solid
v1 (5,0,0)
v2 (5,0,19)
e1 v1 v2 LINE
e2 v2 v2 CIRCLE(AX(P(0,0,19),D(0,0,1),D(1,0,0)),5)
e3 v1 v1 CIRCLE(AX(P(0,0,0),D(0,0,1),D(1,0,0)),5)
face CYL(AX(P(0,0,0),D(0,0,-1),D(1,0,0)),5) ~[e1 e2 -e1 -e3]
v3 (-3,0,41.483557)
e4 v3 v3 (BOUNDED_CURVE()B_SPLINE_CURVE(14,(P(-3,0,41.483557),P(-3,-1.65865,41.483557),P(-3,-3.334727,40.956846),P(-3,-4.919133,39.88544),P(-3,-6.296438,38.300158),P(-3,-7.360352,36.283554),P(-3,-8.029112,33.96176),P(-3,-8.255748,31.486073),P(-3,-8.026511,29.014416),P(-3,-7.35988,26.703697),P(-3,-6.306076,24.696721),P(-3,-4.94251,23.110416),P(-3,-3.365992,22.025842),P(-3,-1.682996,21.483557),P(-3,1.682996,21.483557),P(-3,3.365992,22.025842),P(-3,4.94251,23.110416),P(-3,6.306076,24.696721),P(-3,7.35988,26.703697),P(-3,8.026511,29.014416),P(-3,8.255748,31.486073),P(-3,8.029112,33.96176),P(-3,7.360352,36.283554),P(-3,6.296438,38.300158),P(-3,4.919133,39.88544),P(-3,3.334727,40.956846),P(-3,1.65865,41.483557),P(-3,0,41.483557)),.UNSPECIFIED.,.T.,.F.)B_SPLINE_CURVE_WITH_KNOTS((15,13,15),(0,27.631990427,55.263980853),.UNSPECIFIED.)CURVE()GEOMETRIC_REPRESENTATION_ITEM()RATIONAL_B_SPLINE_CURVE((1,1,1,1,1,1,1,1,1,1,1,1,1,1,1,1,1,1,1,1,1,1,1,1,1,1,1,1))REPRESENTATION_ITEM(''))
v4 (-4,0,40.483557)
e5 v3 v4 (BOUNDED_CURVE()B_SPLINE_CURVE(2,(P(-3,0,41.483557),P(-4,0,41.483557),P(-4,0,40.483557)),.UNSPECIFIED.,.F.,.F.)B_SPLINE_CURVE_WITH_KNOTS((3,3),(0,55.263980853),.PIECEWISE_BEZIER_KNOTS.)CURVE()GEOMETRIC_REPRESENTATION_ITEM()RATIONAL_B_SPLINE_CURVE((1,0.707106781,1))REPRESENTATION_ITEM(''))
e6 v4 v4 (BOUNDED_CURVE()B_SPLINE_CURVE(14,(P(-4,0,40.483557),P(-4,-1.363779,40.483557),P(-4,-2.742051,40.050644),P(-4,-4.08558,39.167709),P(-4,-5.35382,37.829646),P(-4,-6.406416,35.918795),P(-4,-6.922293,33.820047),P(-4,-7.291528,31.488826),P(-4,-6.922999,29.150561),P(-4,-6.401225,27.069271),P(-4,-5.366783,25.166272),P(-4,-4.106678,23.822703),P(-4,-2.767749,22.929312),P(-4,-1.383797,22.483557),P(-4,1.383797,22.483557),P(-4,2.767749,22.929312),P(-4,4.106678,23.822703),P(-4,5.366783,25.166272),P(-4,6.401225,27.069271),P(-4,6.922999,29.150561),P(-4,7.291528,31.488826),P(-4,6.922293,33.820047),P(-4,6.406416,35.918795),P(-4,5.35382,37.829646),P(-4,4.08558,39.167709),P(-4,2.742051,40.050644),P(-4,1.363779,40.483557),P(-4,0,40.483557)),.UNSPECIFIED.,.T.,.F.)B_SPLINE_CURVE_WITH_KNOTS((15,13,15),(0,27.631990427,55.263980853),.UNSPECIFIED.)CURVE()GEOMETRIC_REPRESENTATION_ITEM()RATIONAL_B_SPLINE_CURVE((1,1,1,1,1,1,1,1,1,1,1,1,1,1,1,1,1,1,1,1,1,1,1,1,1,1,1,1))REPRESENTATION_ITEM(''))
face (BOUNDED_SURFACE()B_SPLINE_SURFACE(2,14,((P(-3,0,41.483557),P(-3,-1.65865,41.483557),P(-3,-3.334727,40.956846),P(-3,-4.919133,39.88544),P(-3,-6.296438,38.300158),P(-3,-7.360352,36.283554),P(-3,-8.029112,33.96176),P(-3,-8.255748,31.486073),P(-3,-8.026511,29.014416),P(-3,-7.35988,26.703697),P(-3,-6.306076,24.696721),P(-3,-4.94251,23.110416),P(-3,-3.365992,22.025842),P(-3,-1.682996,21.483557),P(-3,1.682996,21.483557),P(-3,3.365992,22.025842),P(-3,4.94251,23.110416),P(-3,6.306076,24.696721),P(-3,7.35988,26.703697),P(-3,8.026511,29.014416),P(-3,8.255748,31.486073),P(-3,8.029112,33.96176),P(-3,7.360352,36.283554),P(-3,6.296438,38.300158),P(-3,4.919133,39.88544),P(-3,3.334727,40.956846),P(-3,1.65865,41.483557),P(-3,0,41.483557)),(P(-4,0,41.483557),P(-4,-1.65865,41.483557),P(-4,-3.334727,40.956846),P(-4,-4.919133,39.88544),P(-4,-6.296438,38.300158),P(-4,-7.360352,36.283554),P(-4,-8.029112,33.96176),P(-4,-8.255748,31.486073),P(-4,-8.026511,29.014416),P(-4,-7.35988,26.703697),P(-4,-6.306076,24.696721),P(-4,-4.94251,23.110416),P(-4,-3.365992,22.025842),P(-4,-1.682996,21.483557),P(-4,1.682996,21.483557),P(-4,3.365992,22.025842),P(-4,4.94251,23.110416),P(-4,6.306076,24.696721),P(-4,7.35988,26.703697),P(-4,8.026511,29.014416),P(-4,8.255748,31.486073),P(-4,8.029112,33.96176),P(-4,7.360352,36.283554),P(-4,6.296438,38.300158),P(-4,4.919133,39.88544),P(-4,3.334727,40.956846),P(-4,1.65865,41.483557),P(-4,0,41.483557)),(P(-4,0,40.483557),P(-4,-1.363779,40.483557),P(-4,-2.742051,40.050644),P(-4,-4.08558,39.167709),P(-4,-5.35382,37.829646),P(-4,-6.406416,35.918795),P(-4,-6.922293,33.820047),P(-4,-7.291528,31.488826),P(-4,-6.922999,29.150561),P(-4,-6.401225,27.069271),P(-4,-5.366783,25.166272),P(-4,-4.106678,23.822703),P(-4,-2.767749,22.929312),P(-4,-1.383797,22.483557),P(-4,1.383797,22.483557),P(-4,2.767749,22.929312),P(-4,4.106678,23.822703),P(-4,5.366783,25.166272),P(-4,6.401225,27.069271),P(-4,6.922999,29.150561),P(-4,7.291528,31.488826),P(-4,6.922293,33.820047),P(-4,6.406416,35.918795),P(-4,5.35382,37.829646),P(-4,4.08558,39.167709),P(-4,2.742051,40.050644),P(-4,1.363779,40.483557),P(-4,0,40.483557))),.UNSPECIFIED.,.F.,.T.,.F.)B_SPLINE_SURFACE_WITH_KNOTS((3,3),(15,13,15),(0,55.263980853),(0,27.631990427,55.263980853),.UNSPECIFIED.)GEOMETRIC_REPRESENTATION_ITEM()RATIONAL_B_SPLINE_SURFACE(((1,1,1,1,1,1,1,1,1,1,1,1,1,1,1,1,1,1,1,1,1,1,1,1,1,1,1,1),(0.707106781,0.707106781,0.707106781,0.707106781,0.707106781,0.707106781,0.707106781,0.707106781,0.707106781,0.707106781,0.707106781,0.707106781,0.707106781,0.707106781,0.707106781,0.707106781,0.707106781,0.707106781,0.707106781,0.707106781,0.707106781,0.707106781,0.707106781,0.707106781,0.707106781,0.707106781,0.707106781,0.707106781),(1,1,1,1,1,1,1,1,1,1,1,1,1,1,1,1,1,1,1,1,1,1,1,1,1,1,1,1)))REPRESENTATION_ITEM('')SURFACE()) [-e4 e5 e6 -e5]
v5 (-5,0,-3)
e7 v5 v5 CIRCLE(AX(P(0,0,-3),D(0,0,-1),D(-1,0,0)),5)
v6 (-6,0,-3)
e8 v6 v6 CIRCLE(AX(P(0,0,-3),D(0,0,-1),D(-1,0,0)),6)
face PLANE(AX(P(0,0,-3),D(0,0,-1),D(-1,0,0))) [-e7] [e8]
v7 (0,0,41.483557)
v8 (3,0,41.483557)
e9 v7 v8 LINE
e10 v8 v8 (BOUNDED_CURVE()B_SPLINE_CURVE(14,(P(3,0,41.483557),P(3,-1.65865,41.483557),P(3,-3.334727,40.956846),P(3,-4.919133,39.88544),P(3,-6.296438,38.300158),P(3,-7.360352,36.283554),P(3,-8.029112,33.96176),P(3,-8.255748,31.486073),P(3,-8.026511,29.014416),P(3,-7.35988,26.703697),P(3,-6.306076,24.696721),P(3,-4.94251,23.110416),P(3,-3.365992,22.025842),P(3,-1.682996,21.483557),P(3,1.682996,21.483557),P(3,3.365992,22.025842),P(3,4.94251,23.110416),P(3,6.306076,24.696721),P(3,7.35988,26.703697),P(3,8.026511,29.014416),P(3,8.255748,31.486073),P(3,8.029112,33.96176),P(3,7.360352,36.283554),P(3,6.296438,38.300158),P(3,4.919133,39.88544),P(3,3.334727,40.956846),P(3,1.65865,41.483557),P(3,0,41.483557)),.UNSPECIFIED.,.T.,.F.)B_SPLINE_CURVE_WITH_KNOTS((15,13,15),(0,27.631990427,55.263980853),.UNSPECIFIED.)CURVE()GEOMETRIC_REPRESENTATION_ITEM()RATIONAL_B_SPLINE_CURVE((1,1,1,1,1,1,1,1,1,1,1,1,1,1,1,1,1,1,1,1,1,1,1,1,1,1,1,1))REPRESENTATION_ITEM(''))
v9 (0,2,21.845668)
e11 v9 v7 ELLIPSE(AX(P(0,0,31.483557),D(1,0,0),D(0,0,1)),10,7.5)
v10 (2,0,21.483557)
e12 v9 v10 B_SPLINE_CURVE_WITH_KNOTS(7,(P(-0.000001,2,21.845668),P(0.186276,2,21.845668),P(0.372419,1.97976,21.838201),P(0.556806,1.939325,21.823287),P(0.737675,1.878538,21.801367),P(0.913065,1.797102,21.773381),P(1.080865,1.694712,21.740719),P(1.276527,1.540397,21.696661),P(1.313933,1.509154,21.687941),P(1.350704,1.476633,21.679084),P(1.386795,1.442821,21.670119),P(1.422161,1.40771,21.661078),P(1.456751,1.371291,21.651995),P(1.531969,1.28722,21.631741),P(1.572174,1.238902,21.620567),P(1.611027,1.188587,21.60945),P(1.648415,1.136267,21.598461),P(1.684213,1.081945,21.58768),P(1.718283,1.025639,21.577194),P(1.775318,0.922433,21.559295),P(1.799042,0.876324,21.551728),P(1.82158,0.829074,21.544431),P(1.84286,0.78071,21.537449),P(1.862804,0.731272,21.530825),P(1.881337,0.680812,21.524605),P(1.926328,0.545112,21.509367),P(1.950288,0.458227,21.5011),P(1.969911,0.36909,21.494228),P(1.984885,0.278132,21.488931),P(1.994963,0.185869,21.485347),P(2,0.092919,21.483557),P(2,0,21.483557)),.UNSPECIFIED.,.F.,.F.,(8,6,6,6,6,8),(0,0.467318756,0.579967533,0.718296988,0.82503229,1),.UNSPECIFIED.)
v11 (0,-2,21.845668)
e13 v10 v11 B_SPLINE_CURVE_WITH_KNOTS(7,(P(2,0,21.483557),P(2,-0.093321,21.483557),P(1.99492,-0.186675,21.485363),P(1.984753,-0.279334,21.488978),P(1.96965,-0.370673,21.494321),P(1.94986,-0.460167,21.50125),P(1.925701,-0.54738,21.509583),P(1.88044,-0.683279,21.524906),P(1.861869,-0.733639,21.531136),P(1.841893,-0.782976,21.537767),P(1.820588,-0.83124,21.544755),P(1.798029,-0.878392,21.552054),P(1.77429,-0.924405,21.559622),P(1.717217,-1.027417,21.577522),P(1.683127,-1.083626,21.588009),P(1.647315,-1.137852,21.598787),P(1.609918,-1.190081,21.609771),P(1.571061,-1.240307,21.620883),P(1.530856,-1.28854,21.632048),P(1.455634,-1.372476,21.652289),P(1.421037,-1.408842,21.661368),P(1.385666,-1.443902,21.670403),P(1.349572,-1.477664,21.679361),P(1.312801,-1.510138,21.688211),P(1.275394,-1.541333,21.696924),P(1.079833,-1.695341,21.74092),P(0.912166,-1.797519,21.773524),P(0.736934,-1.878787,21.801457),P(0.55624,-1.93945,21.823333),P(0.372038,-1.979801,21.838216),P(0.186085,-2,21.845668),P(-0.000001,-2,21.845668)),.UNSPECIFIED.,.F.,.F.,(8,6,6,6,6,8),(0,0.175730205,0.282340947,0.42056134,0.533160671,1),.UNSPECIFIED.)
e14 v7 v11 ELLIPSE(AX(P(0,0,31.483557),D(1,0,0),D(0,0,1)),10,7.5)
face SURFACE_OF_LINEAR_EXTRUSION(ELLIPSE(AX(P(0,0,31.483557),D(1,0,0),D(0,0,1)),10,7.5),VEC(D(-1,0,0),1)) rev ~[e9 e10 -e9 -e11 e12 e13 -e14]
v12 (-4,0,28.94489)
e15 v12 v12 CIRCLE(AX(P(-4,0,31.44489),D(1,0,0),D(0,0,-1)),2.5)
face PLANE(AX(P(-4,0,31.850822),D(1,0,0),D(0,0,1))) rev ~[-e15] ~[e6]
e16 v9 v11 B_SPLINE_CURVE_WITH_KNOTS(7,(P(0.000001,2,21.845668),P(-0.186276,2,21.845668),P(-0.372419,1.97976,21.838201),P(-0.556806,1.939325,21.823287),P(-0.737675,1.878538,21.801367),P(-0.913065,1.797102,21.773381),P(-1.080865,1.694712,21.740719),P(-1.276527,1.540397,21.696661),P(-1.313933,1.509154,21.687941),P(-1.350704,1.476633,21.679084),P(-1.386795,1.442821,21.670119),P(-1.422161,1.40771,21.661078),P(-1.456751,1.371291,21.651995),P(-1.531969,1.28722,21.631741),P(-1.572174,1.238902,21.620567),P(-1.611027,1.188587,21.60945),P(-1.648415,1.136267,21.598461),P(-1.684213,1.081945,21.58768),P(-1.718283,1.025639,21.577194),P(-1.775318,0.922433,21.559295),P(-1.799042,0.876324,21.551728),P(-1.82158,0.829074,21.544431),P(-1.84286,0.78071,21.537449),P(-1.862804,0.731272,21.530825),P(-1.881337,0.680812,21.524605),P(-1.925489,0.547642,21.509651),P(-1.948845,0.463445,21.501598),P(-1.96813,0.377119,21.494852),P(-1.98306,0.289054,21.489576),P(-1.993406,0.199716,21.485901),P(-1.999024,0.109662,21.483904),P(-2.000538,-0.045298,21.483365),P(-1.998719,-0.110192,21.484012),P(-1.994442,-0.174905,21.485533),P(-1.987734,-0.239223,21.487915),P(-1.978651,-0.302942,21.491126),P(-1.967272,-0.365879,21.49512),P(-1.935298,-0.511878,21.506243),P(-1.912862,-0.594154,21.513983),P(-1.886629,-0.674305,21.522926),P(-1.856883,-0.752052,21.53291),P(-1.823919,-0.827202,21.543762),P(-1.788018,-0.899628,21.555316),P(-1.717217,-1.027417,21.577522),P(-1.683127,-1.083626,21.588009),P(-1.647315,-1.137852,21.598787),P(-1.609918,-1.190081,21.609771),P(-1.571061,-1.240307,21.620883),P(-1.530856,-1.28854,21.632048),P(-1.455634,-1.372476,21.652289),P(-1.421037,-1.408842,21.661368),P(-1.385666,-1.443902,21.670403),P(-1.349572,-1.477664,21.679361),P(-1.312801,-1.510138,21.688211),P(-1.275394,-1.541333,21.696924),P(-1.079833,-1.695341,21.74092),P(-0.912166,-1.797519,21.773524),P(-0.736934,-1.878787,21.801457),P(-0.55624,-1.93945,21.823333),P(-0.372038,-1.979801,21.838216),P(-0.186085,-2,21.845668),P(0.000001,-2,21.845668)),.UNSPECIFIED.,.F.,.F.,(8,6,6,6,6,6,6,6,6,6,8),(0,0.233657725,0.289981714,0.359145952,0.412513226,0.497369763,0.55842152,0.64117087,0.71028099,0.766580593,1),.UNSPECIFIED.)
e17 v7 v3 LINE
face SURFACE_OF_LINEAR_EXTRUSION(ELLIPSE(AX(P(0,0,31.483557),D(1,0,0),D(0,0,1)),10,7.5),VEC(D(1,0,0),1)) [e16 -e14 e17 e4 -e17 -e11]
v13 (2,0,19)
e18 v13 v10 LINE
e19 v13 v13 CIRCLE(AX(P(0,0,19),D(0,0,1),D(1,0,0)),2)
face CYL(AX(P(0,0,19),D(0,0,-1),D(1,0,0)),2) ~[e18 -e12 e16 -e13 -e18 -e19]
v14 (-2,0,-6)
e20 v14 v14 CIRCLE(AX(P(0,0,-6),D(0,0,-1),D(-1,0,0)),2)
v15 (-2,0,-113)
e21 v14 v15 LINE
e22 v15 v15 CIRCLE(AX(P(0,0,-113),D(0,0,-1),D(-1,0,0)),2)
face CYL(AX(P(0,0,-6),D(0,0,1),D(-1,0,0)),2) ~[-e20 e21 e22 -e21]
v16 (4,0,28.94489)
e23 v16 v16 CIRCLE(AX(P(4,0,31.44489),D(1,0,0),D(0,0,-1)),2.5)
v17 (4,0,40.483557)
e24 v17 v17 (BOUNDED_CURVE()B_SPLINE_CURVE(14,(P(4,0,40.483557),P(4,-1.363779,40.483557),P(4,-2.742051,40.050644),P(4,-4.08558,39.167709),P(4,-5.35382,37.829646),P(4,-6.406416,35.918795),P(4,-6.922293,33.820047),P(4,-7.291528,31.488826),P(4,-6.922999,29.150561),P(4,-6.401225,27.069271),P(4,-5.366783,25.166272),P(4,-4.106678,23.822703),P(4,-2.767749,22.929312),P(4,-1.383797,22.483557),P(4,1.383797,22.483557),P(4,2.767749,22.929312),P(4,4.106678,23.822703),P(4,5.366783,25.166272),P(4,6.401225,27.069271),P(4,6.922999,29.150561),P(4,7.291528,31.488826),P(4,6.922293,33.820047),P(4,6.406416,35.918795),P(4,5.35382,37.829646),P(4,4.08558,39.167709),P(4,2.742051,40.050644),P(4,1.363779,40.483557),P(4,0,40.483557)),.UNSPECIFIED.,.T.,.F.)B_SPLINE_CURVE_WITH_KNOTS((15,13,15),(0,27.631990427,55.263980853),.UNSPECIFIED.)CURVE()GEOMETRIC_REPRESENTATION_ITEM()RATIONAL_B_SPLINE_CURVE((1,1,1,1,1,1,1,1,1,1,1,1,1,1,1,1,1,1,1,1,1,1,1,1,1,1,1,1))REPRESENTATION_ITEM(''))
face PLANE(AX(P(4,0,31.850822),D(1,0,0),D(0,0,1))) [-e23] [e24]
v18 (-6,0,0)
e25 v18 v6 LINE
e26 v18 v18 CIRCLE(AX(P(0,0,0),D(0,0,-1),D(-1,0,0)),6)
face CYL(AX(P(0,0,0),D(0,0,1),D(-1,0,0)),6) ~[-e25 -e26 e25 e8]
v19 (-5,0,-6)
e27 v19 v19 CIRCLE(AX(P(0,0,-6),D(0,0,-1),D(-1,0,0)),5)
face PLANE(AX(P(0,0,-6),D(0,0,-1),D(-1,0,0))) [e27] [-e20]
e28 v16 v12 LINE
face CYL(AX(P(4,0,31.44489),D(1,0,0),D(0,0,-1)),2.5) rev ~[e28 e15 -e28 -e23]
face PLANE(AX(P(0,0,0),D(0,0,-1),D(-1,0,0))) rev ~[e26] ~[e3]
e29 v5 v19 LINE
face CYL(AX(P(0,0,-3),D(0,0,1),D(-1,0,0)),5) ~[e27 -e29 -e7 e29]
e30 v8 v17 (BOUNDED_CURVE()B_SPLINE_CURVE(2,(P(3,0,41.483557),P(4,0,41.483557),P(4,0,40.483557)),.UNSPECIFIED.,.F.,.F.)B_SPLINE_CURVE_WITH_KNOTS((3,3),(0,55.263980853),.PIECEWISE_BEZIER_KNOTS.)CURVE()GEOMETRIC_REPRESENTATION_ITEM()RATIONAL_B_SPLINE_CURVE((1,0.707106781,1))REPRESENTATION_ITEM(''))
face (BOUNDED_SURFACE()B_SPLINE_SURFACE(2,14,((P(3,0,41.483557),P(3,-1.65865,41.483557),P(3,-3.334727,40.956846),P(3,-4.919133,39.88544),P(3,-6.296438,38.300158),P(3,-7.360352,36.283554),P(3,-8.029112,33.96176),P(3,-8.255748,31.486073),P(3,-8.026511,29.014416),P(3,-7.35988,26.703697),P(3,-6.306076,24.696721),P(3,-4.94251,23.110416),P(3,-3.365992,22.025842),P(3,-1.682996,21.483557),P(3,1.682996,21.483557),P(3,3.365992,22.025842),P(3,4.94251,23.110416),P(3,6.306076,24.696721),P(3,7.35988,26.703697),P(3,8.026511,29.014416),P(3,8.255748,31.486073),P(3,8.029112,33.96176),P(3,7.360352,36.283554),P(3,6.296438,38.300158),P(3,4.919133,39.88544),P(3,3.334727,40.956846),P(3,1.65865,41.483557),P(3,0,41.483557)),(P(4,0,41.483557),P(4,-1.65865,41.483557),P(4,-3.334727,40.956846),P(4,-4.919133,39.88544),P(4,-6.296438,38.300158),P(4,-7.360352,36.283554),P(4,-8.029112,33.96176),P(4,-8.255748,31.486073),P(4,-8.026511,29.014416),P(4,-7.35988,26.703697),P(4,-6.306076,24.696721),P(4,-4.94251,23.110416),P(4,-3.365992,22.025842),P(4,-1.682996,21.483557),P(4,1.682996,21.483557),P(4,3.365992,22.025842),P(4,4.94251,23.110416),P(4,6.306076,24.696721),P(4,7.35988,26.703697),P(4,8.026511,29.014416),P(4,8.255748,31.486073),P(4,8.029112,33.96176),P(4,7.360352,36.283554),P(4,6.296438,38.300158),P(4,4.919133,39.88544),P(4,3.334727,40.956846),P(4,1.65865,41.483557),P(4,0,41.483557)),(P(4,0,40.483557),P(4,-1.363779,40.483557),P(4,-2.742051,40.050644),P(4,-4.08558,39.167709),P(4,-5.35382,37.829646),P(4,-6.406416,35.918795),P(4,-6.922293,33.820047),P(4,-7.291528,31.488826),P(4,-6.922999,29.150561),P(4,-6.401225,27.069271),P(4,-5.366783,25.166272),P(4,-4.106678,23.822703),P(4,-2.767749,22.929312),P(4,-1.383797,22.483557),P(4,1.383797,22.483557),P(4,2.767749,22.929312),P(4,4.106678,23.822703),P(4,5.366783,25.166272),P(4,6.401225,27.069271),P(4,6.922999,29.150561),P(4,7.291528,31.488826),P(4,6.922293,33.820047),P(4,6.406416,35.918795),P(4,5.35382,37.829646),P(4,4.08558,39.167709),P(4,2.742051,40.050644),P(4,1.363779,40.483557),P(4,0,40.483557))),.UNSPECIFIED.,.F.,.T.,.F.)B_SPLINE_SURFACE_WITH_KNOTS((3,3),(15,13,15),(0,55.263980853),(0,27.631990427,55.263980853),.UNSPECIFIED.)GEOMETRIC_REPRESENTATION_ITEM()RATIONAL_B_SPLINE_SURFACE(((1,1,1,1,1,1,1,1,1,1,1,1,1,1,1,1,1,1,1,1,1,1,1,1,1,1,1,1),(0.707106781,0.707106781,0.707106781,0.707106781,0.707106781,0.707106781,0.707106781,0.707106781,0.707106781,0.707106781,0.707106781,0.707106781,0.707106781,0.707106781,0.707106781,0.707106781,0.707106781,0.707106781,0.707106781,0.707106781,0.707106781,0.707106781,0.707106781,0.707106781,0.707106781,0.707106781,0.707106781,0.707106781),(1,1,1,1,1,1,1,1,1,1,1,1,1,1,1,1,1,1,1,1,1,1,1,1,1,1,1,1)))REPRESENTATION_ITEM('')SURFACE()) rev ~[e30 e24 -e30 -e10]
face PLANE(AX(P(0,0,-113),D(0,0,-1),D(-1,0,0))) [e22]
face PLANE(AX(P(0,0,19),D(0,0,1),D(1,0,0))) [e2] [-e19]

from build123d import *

# Parameters (mm, degrees)
SKETCH1_R           = 5
BOSS_EXTRUDE1_DEPTH = 19
SKETCH2_R           = 6
BOSS_EXTRUDE2_DEPTH = 3
SKETCH3_R           = 5
BOSS_EXTRUDE3_DEPTH = 3
SKETCH4_R           = 2
BOSS_EXTRUDE4_DEPTH = 107
SKETCH5_RX          = 10
SKETCH5_RY          = 7.5
BOSS_EXTRUDE5_DEPTH = 4
SKETCH6_R           = 2
BOSS_EXTRUDE6_DEPTH = 4
FILLET1_R           = 1
SKETCH7_R           = 2.5
CUT_EXTRUDE1_DEPTH  = 11


with BuildPart() as part:
    # Sketch1 → Boss-Extrude1 (new body)
    with BuildSketch(Plane.XY):
        Circle(SKETCH1_R)
    extrude(amount=BOSS_EXTRUDE1_DEPTH)

    # Sketch2 → Boss-Extrude2 (add)
    with BuildSketch(Plane(origin=(0, 0, 0), x_dir=(-1, 0, 0), z_dir=(0, 0, -1))):
        Circle(SKETCH2_R)
    extrude(amount=BOSS_EXTRUDE2_DEPTH)

    # Sketch3 → Boss-Extrude3 (add)
    with BuildSketch(Plane(origin=(0, 0, -3), x_dir=(-1, 0, 0), z_dir=(0, 0, -1))):
        Circle(SKETCH3_R)
    extrude(amount=BOSS_EXTRUDE3_DEPTH)

    # Sketch4 → Boss-Extrude4 (add)
    with BuildSketch(Plane(origin=(0, 0, -6), x_dir=(-1, 0, 0), z_dir=(0, 0, -1))):
        Circle(SKETCH4_R)
    extrude(amount=BOSS_EXTRUDE4_DEPTH)



with BuildPart() as body_2:
    # Sketch5 → Boss-Extrude5 (new body, symmetric)
    with BuildSketch(Plane(origin=(0, 0, 0), x_dir=(0, 0, -1), z_dir=(1, 0, 0))):
        with Locations(Location((-31.48355656, 0), (0, 0, 180))):
            Ellipse(SKETCH5_RX, SKETCH5_RY)
    extrude(amount=BOSS_EXTRUDE5_DEPTH, both=True)


with BuildPart() as part_1:
    add(part.part)

    add(body_2.part)  # Boss-Extrude6 merges body 2
    # Sketch6 → Boss-Extrude6 (add)
    with BuildSketch(Plane.XY.offset(19)):
        Circle(SKETCH6_R)
    extrude(amount=BOSS_EXTRUDE6_DEPTH)

    # Fillet1
    fillet1_edges = [part_1.edges().sort_by_distance(p)[0] for p in [
        (-4, 0.002625288, 21.483557173),
        (4, 0.002625288, 21.483557173),
    ]]
    fillet(fillet1_edges, radius=FILLET1_R)

    # Sketch7 → Cut-Extrude1 (cut, through all)
    with BuildSketch(Plane(origin=(4, 0, 0), x_dir=(0, 0, -1), z_dir=(1, 0, 0))):
        with Locations((-31.444890306, 0)):
            Circle(SKETCH7_R)
    extrude(amount=-CUT_EXTRUDE1_DEPTH, mode=Mode.SUBTRACT)


solid = part_1.part
